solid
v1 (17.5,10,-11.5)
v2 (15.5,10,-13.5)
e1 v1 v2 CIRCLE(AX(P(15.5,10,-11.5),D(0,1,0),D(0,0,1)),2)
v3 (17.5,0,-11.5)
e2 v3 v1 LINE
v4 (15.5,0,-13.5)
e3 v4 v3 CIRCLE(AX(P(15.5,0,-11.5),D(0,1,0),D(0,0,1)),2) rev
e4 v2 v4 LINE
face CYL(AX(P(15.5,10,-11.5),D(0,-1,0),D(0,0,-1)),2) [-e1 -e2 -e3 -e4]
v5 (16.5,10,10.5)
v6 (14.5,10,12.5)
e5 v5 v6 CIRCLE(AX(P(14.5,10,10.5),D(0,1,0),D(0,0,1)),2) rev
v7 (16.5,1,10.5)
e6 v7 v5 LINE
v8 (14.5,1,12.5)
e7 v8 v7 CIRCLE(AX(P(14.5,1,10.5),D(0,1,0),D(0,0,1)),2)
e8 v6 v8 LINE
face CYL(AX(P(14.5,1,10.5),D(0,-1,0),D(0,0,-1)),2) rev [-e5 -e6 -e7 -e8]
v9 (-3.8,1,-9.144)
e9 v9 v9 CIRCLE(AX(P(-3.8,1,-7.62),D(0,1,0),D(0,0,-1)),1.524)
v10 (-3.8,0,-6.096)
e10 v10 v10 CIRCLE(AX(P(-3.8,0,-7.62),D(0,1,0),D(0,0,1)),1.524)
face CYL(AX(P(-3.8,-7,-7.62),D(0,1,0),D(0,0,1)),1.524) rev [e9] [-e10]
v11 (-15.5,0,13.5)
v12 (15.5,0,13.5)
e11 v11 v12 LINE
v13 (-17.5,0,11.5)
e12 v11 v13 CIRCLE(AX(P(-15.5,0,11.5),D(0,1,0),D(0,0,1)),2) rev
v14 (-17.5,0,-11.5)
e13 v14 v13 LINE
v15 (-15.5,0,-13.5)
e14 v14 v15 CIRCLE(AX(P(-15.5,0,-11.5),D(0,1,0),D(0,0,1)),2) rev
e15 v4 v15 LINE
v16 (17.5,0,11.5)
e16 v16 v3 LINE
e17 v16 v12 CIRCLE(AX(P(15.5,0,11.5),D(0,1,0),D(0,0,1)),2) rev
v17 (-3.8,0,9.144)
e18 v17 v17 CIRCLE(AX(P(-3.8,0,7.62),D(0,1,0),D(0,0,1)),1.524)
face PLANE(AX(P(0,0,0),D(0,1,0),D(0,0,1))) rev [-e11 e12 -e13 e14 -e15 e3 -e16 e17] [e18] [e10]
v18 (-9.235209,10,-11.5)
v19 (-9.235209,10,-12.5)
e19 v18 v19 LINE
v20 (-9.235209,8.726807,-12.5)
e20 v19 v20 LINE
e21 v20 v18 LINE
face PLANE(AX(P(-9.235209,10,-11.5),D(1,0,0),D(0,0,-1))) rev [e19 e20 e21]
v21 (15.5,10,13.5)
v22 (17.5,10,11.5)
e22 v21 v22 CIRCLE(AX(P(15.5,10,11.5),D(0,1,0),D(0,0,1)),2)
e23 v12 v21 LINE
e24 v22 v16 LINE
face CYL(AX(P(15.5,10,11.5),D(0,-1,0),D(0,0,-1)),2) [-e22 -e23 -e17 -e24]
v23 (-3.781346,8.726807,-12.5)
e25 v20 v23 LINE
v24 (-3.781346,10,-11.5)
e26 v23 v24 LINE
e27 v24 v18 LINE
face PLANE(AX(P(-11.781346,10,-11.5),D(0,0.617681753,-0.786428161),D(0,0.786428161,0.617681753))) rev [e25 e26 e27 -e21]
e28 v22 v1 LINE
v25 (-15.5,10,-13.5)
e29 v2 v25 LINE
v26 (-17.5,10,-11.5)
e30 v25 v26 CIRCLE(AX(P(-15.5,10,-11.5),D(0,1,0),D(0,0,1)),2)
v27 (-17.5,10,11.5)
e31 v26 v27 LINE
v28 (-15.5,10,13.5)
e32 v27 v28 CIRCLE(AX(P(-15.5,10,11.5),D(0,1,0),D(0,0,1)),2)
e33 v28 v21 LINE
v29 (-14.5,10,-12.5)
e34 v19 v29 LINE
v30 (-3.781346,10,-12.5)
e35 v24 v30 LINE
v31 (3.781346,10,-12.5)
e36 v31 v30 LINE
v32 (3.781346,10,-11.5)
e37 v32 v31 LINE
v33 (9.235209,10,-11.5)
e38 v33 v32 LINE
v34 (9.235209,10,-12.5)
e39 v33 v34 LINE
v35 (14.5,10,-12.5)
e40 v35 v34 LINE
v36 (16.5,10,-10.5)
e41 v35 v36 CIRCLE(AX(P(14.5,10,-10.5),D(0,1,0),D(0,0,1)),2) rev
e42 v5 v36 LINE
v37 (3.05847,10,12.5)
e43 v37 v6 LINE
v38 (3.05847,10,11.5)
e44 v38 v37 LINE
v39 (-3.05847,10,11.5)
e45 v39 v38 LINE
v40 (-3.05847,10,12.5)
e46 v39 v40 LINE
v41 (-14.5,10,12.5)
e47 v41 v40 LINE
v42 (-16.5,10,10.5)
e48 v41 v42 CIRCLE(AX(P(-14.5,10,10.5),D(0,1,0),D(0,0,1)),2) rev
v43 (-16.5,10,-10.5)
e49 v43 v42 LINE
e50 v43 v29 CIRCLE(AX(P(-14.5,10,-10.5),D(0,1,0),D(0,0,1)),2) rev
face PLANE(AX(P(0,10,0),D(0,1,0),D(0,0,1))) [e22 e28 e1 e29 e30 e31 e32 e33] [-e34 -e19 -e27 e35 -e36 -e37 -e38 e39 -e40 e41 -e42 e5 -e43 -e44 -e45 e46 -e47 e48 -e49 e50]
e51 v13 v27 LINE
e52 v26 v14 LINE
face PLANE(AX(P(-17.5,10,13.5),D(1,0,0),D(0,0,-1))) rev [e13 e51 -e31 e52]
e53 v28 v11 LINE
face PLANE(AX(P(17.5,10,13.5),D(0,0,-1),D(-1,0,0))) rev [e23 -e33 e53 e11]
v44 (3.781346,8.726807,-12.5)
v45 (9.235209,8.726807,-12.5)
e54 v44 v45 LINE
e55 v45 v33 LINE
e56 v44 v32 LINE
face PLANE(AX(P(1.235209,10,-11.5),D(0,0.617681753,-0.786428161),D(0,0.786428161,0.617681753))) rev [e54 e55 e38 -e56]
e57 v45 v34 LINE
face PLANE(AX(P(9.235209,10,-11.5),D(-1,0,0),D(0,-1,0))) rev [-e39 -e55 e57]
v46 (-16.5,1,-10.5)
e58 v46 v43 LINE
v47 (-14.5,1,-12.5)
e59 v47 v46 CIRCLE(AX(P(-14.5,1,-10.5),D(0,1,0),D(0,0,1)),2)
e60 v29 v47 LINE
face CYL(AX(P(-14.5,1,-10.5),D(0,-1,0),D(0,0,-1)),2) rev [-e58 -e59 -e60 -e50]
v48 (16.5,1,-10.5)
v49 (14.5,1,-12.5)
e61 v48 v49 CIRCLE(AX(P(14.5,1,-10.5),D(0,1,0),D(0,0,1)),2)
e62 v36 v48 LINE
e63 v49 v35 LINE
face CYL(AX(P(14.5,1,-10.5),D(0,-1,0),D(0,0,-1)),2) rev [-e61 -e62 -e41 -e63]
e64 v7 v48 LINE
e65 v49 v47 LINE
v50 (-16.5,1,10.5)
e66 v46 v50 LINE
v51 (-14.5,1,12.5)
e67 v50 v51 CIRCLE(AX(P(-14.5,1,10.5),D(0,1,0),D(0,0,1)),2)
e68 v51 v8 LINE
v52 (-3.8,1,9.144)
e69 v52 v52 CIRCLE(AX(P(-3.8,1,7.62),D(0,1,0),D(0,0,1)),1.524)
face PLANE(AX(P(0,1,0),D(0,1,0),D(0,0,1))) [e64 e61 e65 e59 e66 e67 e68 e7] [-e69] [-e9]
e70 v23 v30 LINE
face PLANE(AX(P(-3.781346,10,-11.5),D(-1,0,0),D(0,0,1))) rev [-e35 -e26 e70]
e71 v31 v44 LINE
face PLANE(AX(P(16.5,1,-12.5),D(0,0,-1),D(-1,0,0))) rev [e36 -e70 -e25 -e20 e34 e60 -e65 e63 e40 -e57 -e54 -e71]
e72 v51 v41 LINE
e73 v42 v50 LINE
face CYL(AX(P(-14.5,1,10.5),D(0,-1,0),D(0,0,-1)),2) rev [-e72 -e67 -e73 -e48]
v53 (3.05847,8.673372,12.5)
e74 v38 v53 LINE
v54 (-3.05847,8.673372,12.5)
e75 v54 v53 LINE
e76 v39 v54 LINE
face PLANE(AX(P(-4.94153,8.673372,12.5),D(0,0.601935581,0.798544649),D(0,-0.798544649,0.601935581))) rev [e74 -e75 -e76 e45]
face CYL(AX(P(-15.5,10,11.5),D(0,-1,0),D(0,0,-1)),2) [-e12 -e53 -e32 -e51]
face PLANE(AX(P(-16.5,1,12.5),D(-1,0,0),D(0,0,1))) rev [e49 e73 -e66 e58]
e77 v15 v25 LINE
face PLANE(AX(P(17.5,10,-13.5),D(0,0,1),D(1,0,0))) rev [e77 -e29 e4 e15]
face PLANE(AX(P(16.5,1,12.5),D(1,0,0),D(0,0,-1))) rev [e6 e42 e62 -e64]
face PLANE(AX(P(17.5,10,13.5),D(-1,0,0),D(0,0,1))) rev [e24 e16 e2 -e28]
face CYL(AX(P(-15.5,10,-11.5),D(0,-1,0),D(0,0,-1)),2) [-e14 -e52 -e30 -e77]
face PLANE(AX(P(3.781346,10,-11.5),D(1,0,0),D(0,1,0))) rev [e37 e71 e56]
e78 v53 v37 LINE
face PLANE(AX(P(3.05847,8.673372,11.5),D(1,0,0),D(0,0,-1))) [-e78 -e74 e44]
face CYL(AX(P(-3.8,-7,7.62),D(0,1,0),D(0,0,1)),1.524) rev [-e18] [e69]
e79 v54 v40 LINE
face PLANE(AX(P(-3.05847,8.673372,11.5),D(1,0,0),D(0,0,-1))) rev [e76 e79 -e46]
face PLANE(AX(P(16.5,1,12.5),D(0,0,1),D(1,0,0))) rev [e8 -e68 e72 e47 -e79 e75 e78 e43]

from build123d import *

# Parameters (mm, degrees)
SKETCH1_W           = 35
SKETCH1_H           = 27
BOSS_EXTRUDE1_DEPTH = 10
SKETCH2_W           = 33
SKETCH2_H           = 25
CUT_EXTRUDE1_DEPTH  = 9
SKETCH3_W           = 5.453863721
SKETCH3_H           = 1.273193124
BOSS_EXTRUDE2_DEPTH = 1
SKETCH4_W           = 6.116939674
SKETCH4_H           = 1.326628088
BOSS_EXTRUDE5_DEPTH = 1
CUT_EXTRUDE2_DEPTH  = 8
CUT_EXTRUDE5_DEPTH  = 8
CUT_EXTRUDE6_DEPTH  = 8
FILLET1_R           = 2
FILLET2_R           = 2
SKETCH8_R           = 1.524
CUT_EXTRUDE7_DEPTH  = 8


with BuildPart() as part:
    # Sketch1 → Boss-Extrude1 (new body)
    with BuildSketch(Plane(origin=(0, 0, 0), x_dir=(1, 0, 0), z_dir=(0, 1, 0))):
        Rectangle(SKETCH1_W, SKETCH1_H)
    extrude(amount=BOSS_EXTRUDE1_DEPTH)

    # Sketch2 → Cut-Extrude1 (cut)
    with BuildSketch(Plane(origin=(0, 10, 0), x_dir=(1, 0, 0), z_dir=(0, 1, 0))):
        Rectangle(SKETCH2_W, SKETCH2_H)
    extrude(amount=-CUT_EXTRUDE1_DEPTH, mode=Mode.SUBTRACT)

    # Sketch3 → Boss-Extrude2 (add)
    with BuildSketch(Plane.XY.offset(-12.5)):
        with Locations((6.508277375, 9.363403438)):
            Rectangle(SKETCH3_W, SKETCH3_H)
        with Locations((-6.508277375, 9.363403438)):
            Rectangle(SKETCH3_W, SKETCH3_H)
    extrude(amount=BOSS_EXTRUDE2_DEPTH)

    # Sketch4 → Boss-Extrude5 (add)
    with BuildSketch(Plane(origin=(0, 0, 12.5), x_dir=(-1, 0, 0), z_dir=(0, 0, -1))):
        with Locations((0, 9.336685956)):
            Rectangle(SKETCH4_W, SKETCH4_H)
    extrude(amount=BOSS_EXTRUDE5_DEPTH)

    # Sketch5 → Cut-Extrude2 (cut)
    with BuildSketch(Plane(origin=(3.058469837, 0, 0), x_dir=(0, 0, -1), z_dir=(1, 0, 0))):
        Polygon((-12.5, 8.673371912), (-11.5, 10), (-11.5, 8.673371912), align=None)
    extrude(amount=-CUT_EXTRUDE2_DEPTH, mode=Mode.SUBTRACT)

    # Sketch6 → Cut-Extrude5 (cut)
    with BuildSketch(Plane(origin=(9.235209235, 0, 0), x_dir=(0, 0, -1), z_dir=(1, 0, 0))):
        Polygon((11.5, 10), (12.5, 8.726806876), (11.5, 8.726806876), align=None)
    extrude(amount=-CUT_EXTRUDE5_DEPTH, mode=Mode.SUBTRACT)

    # Sketch7 → Cut-Extrude6 (cut)
    with BuildSketch(Plane(origin=(-3.781345514, 0, 0), x_dir=(0, 0, -1), z_dir=(1, 0, 0))):
        Polygon((11.5, 10), (12.5, 8.726806876), (11.5, 8.726806876), align=None)
    extrude(amount=-CUT_EXTRUDE6_DEPTH, mode=Mode.SUBTRACT)

    # Fillet1
    fillet1_edges = [part.edges().sort_by_distance(p)[0] for p in [
        (-17.5, 5, -13.5),
        (17.5, 5, -13.5),
        (17.5, 5, 13.5),
        (-17.5, 5, 13.5),
    ]]
    fillet(fillet1_edges, radius=FILLET1_R)

    # Fillet2
    fillet2_edges = [part.edges().sort_by_distance(p)[0] for p in [
        (-16.5, 5.5, 12.5),
        (-16.5, 5.5, -12.5),
        (16.5, 5.5, -12.5),
        (16.5, 5.5, 12.5),
    ]]
    fillet(fillet2_edges, radius=FILLET2_R)

    # Sketch8 → Cut-Extrude7 (cut)
    with BuildSketch(Plane(origin=(0, 1, 0), x_dir=(1, 0, 0), z_dir=(0, 1, 0))):
        with Locations(Location((-3.8, -7.62, 0), (0, 0, 270))):
            Circle(SKETCH8_R)
        with Locations(Location((-3.8, 7.62, 0), (0, 0, 270))):
            Circle(SKETCH8_R)
    extrude(amount=-CUT_EXTRUDE7_DEPTH, mode=Mode.SUBTRACT)


solid = part.part
